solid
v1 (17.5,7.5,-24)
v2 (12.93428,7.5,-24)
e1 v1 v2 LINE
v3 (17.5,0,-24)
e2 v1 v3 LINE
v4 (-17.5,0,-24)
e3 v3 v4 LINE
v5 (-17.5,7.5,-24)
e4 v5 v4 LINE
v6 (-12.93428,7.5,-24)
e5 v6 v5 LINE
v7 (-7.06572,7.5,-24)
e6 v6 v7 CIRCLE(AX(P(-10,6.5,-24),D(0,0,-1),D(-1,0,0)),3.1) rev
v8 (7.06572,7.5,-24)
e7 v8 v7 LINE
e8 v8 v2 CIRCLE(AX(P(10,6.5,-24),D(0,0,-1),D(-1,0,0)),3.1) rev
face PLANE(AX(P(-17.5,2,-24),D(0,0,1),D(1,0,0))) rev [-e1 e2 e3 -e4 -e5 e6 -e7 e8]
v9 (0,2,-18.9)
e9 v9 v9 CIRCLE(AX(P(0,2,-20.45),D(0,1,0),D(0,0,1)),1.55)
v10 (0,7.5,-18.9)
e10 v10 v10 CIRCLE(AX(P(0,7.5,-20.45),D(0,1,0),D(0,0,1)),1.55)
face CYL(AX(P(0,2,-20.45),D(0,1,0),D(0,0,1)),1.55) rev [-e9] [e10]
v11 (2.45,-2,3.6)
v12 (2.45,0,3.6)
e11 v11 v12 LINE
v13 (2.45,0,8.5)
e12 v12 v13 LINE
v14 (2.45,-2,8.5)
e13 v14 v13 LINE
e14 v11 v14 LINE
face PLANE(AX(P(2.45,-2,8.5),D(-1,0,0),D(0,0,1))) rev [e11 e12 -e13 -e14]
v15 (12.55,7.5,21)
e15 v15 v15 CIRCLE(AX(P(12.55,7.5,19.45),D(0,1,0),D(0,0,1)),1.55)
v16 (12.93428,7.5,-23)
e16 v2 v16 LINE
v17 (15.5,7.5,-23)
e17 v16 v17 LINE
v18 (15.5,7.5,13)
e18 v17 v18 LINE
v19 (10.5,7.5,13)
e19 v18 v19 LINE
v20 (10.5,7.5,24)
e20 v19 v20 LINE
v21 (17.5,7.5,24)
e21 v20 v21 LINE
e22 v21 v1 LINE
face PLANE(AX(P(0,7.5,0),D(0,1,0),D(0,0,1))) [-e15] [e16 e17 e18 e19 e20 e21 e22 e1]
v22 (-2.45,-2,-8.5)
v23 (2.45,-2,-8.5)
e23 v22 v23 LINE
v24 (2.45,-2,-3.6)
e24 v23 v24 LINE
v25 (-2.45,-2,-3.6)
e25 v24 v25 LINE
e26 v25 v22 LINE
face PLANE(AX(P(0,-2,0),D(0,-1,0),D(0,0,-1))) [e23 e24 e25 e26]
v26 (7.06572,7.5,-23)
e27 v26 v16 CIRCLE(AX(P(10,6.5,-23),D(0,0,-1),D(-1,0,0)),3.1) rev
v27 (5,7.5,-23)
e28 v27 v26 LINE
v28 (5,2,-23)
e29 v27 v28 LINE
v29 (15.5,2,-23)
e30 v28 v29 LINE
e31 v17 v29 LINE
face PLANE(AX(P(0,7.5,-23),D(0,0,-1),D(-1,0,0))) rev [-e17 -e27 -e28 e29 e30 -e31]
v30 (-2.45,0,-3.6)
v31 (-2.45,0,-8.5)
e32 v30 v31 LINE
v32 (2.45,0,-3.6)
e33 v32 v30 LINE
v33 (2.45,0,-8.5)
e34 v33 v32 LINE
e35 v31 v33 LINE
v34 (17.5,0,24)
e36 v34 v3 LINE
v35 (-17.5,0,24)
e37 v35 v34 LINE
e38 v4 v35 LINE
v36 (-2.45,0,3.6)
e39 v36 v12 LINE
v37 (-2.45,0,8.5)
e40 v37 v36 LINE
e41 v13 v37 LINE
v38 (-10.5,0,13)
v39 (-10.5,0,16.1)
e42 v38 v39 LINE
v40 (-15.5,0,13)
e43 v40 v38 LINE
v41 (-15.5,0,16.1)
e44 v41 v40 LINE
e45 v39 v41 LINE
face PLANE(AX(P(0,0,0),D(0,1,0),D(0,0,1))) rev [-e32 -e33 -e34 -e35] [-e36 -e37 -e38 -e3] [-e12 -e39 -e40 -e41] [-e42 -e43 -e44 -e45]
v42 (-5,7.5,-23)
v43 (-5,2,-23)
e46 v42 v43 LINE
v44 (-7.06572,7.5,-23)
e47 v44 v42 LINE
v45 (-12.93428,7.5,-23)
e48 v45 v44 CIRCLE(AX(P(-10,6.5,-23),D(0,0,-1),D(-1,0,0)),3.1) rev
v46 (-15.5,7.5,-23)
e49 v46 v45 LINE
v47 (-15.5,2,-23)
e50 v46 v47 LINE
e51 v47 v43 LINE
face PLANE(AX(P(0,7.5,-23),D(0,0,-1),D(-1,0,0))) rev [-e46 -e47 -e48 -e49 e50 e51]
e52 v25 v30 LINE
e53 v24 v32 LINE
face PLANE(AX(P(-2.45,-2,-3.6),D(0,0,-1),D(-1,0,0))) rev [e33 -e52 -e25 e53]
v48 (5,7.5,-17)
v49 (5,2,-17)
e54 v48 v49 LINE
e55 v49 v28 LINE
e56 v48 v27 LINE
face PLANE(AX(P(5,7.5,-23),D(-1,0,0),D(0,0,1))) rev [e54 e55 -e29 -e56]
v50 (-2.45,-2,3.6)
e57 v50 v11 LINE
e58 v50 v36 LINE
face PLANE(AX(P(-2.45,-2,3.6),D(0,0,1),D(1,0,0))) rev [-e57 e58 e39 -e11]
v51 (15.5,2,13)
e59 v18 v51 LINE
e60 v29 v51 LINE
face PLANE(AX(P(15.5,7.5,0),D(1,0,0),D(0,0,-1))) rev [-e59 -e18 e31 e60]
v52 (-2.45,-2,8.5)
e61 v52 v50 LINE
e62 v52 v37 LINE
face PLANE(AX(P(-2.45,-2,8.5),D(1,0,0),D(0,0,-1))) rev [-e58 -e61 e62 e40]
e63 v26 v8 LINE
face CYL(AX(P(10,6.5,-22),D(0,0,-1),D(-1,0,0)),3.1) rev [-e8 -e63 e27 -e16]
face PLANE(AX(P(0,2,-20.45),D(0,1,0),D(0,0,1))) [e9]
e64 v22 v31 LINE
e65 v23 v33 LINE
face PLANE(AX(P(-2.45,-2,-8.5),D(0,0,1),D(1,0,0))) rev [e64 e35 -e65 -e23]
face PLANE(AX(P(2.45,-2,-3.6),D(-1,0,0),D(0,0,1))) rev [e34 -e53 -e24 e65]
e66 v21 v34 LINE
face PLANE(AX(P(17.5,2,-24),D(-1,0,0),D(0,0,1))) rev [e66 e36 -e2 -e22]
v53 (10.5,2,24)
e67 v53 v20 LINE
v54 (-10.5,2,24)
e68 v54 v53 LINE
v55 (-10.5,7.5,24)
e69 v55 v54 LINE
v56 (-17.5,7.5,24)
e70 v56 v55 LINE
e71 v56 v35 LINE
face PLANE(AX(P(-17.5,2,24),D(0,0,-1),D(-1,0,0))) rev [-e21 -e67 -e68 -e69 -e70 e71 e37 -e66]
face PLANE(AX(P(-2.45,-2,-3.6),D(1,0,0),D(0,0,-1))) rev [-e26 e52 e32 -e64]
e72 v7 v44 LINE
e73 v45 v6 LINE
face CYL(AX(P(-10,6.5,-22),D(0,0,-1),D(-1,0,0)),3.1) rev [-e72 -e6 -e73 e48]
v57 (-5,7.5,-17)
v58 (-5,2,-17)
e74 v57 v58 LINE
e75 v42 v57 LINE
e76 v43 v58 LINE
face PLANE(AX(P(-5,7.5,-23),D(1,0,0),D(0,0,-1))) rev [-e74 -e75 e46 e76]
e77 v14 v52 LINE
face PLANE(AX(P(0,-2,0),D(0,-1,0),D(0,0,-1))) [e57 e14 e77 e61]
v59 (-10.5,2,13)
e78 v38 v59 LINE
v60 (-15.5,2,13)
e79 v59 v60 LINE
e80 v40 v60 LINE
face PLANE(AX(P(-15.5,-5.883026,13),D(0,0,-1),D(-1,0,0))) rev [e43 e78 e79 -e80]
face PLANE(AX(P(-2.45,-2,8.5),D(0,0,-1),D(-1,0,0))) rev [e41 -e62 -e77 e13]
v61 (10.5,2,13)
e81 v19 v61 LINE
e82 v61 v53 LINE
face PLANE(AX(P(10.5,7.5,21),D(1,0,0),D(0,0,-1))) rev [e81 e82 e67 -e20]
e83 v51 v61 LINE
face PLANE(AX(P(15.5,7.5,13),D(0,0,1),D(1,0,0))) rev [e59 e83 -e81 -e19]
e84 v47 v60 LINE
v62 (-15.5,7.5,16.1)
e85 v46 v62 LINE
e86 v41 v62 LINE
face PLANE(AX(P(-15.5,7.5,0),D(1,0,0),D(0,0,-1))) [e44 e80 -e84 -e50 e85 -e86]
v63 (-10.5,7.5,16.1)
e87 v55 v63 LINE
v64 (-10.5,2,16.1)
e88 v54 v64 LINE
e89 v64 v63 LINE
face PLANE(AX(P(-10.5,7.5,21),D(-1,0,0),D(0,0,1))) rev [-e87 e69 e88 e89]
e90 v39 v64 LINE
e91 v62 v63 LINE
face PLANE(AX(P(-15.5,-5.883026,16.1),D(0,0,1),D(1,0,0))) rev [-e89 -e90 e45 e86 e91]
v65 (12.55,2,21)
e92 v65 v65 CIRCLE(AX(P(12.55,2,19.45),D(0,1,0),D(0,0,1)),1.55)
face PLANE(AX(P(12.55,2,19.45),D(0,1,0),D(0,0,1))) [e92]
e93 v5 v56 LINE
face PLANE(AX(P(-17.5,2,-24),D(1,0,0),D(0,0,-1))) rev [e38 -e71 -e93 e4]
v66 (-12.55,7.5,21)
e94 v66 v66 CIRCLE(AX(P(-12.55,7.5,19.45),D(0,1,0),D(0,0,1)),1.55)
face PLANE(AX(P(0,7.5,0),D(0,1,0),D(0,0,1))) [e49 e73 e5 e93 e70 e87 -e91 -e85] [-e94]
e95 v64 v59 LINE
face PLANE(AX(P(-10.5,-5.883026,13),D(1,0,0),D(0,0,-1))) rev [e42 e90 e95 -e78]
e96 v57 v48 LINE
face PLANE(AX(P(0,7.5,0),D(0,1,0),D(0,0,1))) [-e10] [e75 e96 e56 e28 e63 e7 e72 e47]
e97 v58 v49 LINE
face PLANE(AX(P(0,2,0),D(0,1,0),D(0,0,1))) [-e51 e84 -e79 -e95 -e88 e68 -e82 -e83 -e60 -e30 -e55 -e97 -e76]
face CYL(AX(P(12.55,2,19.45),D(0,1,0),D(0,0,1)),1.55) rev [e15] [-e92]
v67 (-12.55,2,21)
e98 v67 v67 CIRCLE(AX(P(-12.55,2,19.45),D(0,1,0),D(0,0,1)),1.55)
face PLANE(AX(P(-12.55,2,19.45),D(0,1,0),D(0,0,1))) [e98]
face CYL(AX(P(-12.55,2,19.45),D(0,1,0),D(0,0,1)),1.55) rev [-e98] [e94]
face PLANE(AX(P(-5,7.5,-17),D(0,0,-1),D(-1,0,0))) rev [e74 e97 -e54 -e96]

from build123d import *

# Parameters (mm, degrees)
SKETCH1_W           = 35
SKETCH1_H           = 48
BOSS_EXTRUDE1_DEPTH = 2
SKETCH2_W           = 35
SKETCH2_H           = 48
SKETCH2_W_2         = 31
SKETCH2_H_2         = 44
BOSS_EXTRUDE2_DEPTH = 5.5
SKETCH3_W           = 10
SKETCH3_H           = 6
SKETCH3_W_2         = 5
SKETCH3_H_2         = 8
BOSS_EXTRUDE3_DEPTH = 5.5
SKETCH4_W           = 21
SKETCH4_H           = 5.5
CUT_EXTRUDE1_DEPTH  = 3
SKETCH5_W           = 4.9
SKETCH5_H           = 4.9
BOSS_EXTRUDE4_DEPTH = 2
CUT_EXTRUDE2_DEPTH  = 2
CUT_EXTRUDE3_START  = -7.5
SKETCH7_W           = 5
SKETCH7_H           = 3.1
CUT_EXTRUDE3_DEPTH  = 7.5
CUT_EXTRUDE4_START  = 7.5
SKETCH8_R           = 1.55
CUT_EXTRUDE4_DEPTH  = 5.5


with BuildPart() as part:
    # Sketch1 → Boss-Extrude1 (new body)
    with BuildSketch(Plane(origin=(0, 0, 0), x_dir=(1, 0, 0), z_dir=(0, 1, 0))):
        Rectangle(SKETCH1_W, SKETCH1_H)
    extrude(amount=BOSS_EXTRUDE1_DEPTH)

    # Sketch2 → Boss-Extrude2 (add)
    with BuildSketch(Plane(origin=(0, 2, 0), x_dir=(1, 0, 0), z_dir=(0, 1, 0))):
        Rectangle(SKETCH2_W, SKETCH2_H)
        with Locations((0, 1)):
            Rectangle(SKETCH2_W_2, SKETCH2_H_2, mode=Mode.SUBTRACT)
    extrude(amount=BOSS_EXTRUDE2_DEPTH)

    # Sketch3 → Boss-Extrude3 (add)
    with BuildSketch(Plane(origin=(0, 2, 0), x_dir=(1, 0, 0), z_dir=(0, 1, 0))):
        with Locations((0, 20)):
            Rectangle(SKETCH3_W, SKETCH3_H)
        with Locations((-13, -17)):
            Rectangle(SKETCH3_W_2, SKETCH3_H_2)
        with Locations((13, -17)):
            Rectangle(SKETCH3_W_2, SKETCH3_H_2)
    extrude(amount=BOSS_EXTRUDE3_DEPTH)

    # Sketch4 → Cut-Extrude1 (cut)
    with BuildSketch(Plane.XY.offset(24)):
        with Locations((0, 4.75)):
            Rectangle(SKETCH4_W, SKETCH4_H)
    extrude(amount=-CUT_EXTRUDE1_DEPTH, mode=Mode.SUBTRACT)

    # Sketch5 → Boss-Extrude4 (add)
    with BuildSketch(Plane.XZ):
        with Locations((0, 6.05)):
            Rectangle(SKETCH5_W, SKETCH5_H)
        with Locations((0, -6.05)):
            Rectangle(SKETCH5_W, SKETCH5_H)
    extrude(amount=BOSS_EXTRUDE4_DEPTH)

    # Sketch6 → Cut-Extrude2 (cut)
    with BuildSketch(Plane(origin=(0, 0, -24), x_dir=(-1, 0, 0), z_dir=(0, 0, -1))):
        with BuildLine():
            ThreePointArc((-12.93428015, 7.5), (-10, 3.4), (-7.06571985, 7.5))
            Line((-7.06571985, 7.5), (-12.93428015, 7.5))
        make_face()
        with BuildLine():
            Line((12.93428015, 7.5), (7.06571985, 7.5))
            ThreePointArc((7.06571985, 7.5), (10, 3.4), (12.93428015, 7.5))
        make_face()
    extrude(amount=-CUT_EXTRUDE2_DEPTH, mode=Mode.SUBTRACT)

    # Sketch7 → Cut-Extrude3 (cut)
    with BuildSketch(Plane(origin=(0, 7.5, 0), x_dir=(1, 0, 0), z_dir=(0, 1, 0)).offset(CUT_EXTRUDE3_START)):
        with Locations((-13, -14.55)):
            Rectangle(SKETCH7_W, SKETCH7_H)
    extrude(amount=CUT_EXTRUDE3_DEPTH, mode=Mode.SUBTRACT)

    # Sketch8 → Cut-Extrude4 (cut)
    with BuildSketch(Plane(origin=(0, 0, 0), x_dir=(1, 0, 0), z_dir=(0, 1, 0)).offset(CUT_EXTRUDE4_START)):
        with Locations(Location((-12.55, -19.45, 0), (0, 0, 270))):
            Circle(SKETCH8_R)
        with Locations(Location((12.55, -19.45, 0), (0, 0, 270))):
            Circle(SKETCH8_R)
        with Locations(Location((0, 20.45, 0), (0, 0, 270))):
            Circle(SKETCH8_R)
    extrude(amount=-CUT_EXTRUDE4_DEPTH, mode=Mode.SUBTRACT)


solid = part.part
